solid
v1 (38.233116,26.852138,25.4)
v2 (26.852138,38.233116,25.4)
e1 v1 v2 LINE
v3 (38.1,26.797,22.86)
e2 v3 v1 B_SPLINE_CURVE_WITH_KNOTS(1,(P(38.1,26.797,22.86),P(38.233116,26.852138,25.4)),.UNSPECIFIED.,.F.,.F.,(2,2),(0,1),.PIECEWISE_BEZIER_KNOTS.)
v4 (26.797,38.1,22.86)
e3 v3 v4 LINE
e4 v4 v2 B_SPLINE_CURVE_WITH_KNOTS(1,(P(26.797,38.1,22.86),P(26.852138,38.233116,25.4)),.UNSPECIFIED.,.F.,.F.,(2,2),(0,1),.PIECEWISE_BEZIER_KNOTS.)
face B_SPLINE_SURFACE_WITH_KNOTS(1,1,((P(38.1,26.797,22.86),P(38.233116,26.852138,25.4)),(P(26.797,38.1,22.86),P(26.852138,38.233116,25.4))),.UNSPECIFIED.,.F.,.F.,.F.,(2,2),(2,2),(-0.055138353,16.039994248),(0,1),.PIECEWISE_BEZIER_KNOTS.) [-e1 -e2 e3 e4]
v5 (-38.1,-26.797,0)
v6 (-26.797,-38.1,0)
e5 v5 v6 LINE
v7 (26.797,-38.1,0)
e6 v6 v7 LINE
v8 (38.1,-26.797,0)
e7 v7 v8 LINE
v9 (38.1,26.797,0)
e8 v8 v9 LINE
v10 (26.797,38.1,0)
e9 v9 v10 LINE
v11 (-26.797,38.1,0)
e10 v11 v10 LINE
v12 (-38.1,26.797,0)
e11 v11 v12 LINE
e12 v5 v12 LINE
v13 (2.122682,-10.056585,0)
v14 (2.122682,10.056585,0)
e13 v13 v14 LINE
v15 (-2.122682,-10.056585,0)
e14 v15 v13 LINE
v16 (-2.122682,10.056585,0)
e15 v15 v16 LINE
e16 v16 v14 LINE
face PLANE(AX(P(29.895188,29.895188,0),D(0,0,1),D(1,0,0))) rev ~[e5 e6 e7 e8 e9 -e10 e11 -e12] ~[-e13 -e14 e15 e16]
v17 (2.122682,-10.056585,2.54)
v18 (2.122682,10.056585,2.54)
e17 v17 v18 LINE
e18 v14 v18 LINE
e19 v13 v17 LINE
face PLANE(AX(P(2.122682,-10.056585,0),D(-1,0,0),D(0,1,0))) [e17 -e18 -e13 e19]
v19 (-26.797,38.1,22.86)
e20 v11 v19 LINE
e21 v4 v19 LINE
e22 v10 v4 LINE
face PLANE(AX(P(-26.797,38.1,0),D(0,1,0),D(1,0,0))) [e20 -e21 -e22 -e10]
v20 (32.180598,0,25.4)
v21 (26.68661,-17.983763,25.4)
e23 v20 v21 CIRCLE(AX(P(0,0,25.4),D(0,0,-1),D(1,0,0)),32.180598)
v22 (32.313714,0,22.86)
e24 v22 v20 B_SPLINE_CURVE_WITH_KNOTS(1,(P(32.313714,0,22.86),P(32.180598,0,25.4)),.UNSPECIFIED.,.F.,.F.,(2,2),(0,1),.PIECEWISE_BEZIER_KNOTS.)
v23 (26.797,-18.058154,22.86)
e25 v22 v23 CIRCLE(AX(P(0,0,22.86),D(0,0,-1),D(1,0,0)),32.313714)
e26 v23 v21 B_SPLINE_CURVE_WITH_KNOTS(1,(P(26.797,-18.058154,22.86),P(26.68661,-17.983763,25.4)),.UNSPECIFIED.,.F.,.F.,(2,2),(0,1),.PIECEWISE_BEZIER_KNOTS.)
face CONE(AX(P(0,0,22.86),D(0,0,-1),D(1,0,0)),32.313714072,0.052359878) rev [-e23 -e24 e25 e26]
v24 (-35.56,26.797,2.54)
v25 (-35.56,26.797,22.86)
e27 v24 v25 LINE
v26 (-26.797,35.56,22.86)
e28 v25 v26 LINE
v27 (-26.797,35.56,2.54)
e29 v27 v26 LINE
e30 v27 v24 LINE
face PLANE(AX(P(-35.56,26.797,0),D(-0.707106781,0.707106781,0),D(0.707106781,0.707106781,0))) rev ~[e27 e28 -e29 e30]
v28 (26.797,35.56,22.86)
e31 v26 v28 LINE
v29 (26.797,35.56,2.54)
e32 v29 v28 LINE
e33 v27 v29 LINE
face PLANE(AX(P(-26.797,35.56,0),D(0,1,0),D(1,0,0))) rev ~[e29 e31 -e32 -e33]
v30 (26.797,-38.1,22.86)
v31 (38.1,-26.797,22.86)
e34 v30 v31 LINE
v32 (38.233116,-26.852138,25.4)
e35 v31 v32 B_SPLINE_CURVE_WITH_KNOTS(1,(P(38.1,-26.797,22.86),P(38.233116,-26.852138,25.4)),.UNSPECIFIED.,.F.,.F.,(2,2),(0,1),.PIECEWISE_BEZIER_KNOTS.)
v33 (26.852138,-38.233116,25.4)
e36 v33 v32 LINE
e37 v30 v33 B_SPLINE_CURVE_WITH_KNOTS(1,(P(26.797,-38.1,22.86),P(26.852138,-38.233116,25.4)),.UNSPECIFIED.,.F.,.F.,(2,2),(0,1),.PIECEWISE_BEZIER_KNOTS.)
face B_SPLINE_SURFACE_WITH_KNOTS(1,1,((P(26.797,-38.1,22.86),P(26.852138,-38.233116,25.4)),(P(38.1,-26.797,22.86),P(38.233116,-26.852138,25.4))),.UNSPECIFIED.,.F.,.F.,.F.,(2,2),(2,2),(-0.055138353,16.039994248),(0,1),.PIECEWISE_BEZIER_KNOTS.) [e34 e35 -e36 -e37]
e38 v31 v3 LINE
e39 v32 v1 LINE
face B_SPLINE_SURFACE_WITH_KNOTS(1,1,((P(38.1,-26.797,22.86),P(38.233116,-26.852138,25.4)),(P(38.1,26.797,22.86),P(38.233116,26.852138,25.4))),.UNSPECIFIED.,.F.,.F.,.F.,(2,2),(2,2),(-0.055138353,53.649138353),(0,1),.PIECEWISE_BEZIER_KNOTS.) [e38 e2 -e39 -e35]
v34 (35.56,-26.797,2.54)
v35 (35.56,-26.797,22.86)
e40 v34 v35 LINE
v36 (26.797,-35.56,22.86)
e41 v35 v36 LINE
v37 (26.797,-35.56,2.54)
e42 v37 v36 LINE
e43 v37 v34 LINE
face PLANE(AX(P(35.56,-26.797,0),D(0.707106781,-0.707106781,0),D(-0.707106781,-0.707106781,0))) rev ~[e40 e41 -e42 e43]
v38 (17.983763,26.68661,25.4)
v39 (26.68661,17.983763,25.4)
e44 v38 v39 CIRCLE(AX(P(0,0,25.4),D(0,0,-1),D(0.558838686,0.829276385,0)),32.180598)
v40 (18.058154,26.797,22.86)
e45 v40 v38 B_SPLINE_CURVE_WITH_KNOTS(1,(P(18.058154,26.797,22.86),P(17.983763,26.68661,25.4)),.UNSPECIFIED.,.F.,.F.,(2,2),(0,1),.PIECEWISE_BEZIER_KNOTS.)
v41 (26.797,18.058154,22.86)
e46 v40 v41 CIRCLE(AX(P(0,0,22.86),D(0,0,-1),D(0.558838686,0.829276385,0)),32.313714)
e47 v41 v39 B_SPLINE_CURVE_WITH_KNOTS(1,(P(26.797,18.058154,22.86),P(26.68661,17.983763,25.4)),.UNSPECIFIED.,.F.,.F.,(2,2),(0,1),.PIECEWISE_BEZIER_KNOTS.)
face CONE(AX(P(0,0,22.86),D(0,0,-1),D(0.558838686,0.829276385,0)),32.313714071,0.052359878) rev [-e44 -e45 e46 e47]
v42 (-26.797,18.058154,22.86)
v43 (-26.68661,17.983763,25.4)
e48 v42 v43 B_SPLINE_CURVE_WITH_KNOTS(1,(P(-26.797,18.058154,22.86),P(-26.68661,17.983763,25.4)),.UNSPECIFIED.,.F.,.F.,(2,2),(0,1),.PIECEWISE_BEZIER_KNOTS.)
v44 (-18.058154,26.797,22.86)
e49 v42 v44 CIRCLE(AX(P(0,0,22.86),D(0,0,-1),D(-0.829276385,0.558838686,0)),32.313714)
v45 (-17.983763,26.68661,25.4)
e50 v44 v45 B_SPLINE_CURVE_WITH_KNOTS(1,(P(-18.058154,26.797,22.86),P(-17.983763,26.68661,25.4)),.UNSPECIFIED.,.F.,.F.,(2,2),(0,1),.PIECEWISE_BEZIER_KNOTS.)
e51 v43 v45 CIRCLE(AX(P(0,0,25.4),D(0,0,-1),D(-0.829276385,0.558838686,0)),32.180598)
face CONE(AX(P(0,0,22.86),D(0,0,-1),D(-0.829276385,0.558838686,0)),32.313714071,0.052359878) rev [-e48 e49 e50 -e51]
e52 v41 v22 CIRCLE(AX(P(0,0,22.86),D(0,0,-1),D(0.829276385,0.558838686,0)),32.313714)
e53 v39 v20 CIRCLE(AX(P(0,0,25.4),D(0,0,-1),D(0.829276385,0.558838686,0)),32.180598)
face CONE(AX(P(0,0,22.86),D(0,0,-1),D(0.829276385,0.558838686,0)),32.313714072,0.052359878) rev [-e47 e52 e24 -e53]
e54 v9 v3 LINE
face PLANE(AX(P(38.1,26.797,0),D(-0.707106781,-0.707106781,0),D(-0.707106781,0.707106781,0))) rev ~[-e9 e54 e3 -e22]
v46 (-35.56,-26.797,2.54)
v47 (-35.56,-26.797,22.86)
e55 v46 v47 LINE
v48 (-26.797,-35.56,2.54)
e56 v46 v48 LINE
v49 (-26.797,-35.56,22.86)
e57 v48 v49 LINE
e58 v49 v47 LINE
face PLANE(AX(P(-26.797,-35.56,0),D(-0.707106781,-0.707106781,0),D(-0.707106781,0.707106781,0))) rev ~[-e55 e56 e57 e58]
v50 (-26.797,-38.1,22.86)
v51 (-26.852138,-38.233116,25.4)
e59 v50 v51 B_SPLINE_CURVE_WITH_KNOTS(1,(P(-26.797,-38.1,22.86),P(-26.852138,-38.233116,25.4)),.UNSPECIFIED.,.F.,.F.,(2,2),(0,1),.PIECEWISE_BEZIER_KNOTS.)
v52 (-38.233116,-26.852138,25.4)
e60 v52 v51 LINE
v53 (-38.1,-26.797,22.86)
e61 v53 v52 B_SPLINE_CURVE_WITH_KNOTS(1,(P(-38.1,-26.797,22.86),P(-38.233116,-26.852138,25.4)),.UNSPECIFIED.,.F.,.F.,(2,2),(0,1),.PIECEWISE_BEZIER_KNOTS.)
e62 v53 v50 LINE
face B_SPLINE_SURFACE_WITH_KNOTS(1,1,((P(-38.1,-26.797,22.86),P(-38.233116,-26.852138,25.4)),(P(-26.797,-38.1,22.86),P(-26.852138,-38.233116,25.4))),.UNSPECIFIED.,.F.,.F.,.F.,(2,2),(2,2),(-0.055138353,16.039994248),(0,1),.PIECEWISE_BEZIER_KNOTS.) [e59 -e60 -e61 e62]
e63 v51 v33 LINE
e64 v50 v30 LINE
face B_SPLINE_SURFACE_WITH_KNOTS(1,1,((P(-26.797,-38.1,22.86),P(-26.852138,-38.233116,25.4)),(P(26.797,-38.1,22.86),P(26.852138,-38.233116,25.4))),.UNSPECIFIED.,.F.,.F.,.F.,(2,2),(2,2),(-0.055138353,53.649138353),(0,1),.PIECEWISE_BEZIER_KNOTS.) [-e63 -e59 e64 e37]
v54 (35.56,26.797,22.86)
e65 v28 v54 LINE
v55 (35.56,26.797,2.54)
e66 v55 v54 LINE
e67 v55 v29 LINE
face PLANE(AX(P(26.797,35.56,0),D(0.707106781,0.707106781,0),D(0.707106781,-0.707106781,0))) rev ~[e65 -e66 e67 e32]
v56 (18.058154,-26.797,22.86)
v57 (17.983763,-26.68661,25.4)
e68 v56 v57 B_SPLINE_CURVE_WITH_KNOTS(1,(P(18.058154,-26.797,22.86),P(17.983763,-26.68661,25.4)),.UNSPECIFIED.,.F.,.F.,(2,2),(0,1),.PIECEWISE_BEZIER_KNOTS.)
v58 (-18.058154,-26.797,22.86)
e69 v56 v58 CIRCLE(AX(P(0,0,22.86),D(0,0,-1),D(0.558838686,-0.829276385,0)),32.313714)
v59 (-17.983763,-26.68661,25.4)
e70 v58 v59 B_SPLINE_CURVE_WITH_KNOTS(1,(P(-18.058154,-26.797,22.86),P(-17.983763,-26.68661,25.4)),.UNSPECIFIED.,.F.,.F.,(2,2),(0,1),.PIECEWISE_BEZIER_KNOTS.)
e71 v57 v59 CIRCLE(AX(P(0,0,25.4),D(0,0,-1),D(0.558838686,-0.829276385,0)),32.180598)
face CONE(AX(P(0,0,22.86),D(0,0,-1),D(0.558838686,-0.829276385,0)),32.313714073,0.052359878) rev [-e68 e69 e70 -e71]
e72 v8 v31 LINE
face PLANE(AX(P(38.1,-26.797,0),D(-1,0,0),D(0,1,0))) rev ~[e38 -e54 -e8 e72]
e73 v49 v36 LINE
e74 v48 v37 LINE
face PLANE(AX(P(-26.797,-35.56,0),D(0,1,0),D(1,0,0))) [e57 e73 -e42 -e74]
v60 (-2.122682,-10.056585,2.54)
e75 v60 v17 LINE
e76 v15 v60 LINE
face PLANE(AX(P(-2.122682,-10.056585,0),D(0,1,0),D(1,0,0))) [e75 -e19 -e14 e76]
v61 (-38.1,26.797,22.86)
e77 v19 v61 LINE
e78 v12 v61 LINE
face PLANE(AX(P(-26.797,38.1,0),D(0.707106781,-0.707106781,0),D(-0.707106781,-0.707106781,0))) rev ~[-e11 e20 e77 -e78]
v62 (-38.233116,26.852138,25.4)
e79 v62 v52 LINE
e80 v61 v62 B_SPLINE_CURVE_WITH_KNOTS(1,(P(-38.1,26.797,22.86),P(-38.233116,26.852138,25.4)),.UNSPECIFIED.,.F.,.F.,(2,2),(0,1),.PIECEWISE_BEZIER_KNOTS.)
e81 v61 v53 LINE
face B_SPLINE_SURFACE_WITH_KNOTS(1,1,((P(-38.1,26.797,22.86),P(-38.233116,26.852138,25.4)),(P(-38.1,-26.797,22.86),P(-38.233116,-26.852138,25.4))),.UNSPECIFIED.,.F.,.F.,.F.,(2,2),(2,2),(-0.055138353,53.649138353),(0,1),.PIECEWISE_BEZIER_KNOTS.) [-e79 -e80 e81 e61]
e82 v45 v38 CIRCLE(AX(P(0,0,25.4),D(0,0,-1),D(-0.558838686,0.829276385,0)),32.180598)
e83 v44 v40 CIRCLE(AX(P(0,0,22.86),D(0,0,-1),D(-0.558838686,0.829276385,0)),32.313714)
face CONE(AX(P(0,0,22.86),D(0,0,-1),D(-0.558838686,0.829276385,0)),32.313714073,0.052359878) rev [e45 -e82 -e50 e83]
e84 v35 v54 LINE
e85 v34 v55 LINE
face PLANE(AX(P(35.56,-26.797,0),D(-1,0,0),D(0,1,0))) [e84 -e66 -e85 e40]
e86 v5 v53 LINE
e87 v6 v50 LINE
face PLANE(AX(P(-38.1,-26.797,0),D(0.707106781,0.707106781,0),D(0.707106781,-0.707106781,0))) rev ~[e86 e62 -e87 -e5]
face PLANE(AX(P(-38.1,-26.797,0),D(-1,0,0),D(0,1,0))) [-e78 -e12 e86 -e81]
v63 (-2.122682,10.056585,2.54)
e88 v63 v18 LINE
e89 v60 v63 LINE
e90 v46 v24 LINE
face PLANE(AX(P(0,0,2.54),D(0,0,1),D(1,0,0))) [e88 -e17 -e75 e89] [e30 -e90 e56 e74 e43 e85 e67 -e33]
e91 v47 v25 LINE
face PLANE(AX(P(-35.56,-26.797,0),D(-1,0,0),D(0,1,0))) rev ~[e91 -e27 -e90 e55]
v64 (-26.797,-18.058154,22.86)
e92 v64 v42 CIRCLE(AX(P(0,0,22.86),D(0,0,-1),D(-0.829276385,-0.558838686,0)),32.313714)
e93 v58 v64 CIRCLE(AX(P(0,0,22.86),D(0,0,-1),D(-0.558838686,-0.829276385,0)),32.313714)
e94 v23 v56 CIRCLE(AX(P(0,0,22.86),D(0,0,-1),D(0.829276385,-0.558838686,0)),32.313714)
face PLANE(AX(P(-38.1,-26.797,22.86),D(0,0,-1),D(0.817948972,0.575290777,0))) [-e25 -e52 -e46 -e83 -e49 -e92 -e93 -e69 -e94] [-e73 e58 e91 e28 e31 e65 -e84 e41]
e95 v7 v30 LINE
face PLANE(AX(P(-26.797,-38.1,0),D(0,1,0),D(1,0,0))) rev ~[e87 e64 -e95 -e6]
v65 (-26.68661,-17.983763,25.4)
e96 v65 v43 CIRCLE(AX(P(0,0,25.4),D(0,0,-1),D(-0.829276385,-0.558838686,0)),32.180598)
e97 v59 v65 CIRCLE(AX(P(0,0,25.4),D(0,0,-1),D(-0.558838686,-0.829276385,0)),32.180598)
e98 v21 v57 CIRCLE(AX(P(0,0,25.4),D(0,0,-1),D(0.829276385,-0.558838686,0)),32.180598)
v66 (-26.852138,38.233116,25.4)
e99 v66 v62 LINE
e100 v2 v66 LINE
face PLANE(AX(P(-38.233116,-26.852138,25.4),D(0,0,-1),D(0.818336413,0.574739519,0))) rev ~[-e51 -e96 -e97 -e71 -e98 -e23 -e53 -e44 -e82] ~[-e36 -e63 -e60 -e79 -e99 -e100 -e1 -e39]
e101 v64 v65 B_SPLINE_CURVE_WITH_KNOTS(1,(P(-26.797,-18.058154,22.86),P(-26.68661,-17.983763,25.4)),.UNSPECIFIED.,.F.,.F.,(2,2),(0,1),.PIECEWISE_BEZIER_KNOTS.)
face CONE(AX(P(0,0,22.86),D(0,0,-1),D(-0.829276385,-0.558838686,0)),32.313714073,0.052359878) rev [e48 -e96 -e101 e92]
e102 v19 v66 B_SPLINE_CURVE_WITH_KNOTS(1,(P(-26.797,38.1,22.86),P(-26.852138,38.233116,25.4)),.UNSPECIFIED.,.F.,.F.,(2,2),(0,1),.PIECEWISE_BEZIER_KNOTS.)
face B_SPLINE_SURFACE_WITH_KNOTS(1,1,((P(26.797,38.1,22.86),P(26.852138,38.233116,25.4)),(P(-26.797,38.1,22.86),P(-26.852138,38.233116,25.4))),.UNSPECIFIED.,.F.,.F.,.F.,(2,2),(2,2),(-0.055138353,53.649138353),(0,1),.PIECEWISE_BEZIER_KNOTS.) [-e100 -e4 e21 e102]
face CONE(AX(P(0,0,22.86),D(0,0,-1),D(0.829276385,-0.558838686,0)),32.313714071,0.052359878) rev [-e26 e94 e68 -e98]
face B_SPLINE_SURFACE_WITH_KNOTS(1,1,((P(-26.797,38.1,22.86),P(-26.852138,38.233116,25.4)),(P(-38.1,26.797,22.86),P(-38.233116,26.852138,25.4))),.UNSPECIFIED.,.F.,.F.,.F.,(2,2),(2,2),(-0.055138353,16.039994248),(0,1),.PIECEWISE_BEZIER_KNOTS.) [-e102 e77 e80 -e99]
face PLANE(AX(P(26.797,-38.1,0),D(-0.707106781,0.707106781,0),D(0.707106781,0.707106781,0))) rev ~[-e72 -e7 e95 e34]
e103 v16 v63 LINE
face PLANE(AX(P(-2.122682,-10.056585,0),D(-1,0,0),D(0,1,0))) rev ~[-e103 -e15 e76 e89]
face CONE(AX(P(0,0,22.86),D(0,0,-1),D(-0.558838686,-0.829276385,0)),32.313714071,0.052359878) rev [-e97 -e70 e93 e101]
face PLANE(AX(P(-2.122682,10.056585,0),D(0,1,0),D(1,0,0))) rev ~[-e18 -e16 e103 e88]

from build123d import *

# Parameters (mm, degrees)
F3_DEPTH = 2.54
F3_TAPER = -3
F0_W     = 2.54
F0_H     = 53.594
F0_W_2   = 53.594
F0_H_2   = 2.54
F4_DEPTH = 25.4
F0_H_3   = 8.763
F0_W_3   = 8.763
F2_W     = 53.594
F2_H     = 53.594
F2_W_2   = 4.2453631759
F2_H_2   = 20.1131701469
F6_DEPTH = 2.54


with BuildPart() as f3:
    # F5 (on offset) → F3 (new body)
    with BuildSketch(Plane.XY.offset(22.86)):
        Polygon((-26.797, -26.797), (-38.1, -26.797), (-26.797, -38.1), align=None)
        with BuildLine():
            ThreePointArc((-18.0581535106, -26.797), (-22.8492463466, -22.8492463466), (-26.797, -18.0581535106))
            Line((-26.797, -18.0581535106), (-26.797, -26.797))
            Line((-26.797, -26.797), (-18.0581535106, -26.797))
        make_face()
        Polygon((38.1, 26.797), (26.797, 38.1), (26.797, 26.797), align=None)
        with BuildLine():
            Line((26.797, 18.0581535106), (26.797, 26.797))
            Line((26.797, 26.797), (18.0581535106, 26.797))
            ThreePointArc((18.0581535106, 26.797), (22.8492463466, 22.8492463466), (26.797, 18.0581535106))
        make_face()
        with BuildLine():
            Line((-18.0581535106, 26.797), (-26.797, 26.797))
            Line((-26.797, 26.797), (-26.797, 18.0581535106))
            ThreePointArc((-26.797, 18.0581535106), (-22.8492463466, 22.8492463466), (-18.0581535106, 26.797))
        make_face()
        Polygon((26.797, -38.1), (38.1, -26.797), (26.797, -26.797), align=None)
        with BuildLine():
            Line((38.1, 26.797), (26.797, 26.797))
            Line((26.797, 26.797), (26.797, 18.0581535106))
            ThreePointArc((26.797, 18.0581535106), (30.9037757664, 9.4410148075), (32.3137140733, 0))
            ThreePointArc((32.3137140733, 0), (30.9037757664, -9.4410148075), (26.797, -18.0581535106))
            Line((26.797, -18.0581535106), (26.797, -26.797))
            Line((26.797, -26.797), (38.1, -26.797))
            Line((38.1, -26.797), (38.1, 26.797))
        make_face()
        with BuildLine():
            Line((26.797, -38.1), (26.797, -26.797))
            Line((26.797, -26.797), (18.0581535106, -26.797))
            ThreePointArc((18.0581535106, -26.797), (0, -32.3137140733), (-18.0581535106, -26.797))
            Line((-18.0581535106, -26.797), (-26.797, -26.797))
            Line((-26.797, -26.797), (-26.797, -38.1))
            Line((-26.797, -38.1), (26.797, -38.1))
        make_face()
        Polygon((-26.797, 26.797), (-26.797, 38.1), (-38.1, 26.797), align=None)
        with BuildLine():
            Line((26.797, 26.797), (26.797, 38.1))
            Line((26.797, 38.1), (-26.797, 38.1))
            Line((-26.797, 38.1), (-26.797, 26.797))
            Line((-26.797, 26.797), (-18.0581535106, 26.797))
            ThreePointArc((-18.0581535106, 26.797), (0, 32.3137140733), (18.0581535106, 26.797))
            Line((18.0581535106, 26.797), (26.797, 26.797))
        make_face()
        with BuildLine():
            Line((26.797, -26.797), (26.797, -18.0581535106))
            ThreePointArc((26.797, -18.0581535106), (22.8492463466, -22.8492463466), (18.0581535106, -26.797))
            Line((18.0581535106, -26.797), (26.797, -26.797))
        make_face()
        with BuildLine():
            Line((-26.797, 18.0581535106), (-26.797, 26.797))
            Line((-26.797, 26.797), (-38.1, 26.797))
            Line((-38.1, 26.797), (-38.1, -26.797))
            Line((-38.1, -26.797), (-26.797, -26.797))
            Line((-26.797, -26.797), (-26.797, -18.0581535106))
            ThreePointArc((-26.797, -18.0581535106), (-32.3137140733, 0), (-26.797, 18.0581535106))
        make_face()
    extrude(amount=F3_DEPTH, taper=F3_TAPER)

    # F0 (on Top) → F4 (join)
    with BuildSketch(Plane.XY):
        with Locations((36.83, 0)):
            Rectangle(F0_W, F0_H)
        Polygon((26.797, -38.1), (38.1, -26.797), (35.56, -26.797), (26.797, -35.56), align=None)
        with Locations((0, -36.83)):
            Rectangle(F0_W_2, F0_H_2)
        Polygon((-35.56, -26.797), (-38.1, -26.797), (-26.797, -38.1), (-26.797, -35.56), align=None)
        with Locations((-36.83, 0)):
            Rectangle(F0_W, F0_H)
        Polygon((-26.797, 35.56), (-26.797, 38.1), (-38.1, 26.797), (-35.56, 26.797), align=None)
        with Locations((0, 36.83)):
            Rectangle(F0_W_2, F0_H_2)
        Polygon((38.1, 26.797), (26.797, 38.1), (26.797, 35.56), (35.56, 26.797), align=None)
    extrude(amount=F4_DEPTH)

    # F0 (on Top) + F2 (on face) → F6 (join)
    with BuildSketch(Plane.XY):
        Polygon((35.56, 26.797), (26.797, 35.56), (26.797, 26.797), align=None)
        with Locations((0, 31.1785)):
            Rectangle(F0_W_2, F0_H_3)
        with Locations((31.1785, 0)):
            Rectangle(F0_W_3, F0_H)
        Polygon((-26.797, 26.797), (-26.797, 35.56), (-35.56, 26.797), align=None)
        with Locations((-31.1785, 0)):
            Rectangle(F0_W_3, F0_H)
        Polygon((-26.797, -35.56), (-26.797, -26.797), (-35.56, -26.797), align=None)
        with Locations((0, -31.1785)):
            Rectangle(F0_W_2, F0_H_3)
        Polygon((35.56, -26.797), (26.797, -26.797), (26.797, -35.56), align=None)
    with BuildSketch(Plane.XY):
        Rectangle(F2_W, F2_H)
        Rectangle(F2_W_2, F2_H_2, mode=Mode.SUBTRACT)
    extrude(amount=F6_DEPTH)


solid = f3.part
